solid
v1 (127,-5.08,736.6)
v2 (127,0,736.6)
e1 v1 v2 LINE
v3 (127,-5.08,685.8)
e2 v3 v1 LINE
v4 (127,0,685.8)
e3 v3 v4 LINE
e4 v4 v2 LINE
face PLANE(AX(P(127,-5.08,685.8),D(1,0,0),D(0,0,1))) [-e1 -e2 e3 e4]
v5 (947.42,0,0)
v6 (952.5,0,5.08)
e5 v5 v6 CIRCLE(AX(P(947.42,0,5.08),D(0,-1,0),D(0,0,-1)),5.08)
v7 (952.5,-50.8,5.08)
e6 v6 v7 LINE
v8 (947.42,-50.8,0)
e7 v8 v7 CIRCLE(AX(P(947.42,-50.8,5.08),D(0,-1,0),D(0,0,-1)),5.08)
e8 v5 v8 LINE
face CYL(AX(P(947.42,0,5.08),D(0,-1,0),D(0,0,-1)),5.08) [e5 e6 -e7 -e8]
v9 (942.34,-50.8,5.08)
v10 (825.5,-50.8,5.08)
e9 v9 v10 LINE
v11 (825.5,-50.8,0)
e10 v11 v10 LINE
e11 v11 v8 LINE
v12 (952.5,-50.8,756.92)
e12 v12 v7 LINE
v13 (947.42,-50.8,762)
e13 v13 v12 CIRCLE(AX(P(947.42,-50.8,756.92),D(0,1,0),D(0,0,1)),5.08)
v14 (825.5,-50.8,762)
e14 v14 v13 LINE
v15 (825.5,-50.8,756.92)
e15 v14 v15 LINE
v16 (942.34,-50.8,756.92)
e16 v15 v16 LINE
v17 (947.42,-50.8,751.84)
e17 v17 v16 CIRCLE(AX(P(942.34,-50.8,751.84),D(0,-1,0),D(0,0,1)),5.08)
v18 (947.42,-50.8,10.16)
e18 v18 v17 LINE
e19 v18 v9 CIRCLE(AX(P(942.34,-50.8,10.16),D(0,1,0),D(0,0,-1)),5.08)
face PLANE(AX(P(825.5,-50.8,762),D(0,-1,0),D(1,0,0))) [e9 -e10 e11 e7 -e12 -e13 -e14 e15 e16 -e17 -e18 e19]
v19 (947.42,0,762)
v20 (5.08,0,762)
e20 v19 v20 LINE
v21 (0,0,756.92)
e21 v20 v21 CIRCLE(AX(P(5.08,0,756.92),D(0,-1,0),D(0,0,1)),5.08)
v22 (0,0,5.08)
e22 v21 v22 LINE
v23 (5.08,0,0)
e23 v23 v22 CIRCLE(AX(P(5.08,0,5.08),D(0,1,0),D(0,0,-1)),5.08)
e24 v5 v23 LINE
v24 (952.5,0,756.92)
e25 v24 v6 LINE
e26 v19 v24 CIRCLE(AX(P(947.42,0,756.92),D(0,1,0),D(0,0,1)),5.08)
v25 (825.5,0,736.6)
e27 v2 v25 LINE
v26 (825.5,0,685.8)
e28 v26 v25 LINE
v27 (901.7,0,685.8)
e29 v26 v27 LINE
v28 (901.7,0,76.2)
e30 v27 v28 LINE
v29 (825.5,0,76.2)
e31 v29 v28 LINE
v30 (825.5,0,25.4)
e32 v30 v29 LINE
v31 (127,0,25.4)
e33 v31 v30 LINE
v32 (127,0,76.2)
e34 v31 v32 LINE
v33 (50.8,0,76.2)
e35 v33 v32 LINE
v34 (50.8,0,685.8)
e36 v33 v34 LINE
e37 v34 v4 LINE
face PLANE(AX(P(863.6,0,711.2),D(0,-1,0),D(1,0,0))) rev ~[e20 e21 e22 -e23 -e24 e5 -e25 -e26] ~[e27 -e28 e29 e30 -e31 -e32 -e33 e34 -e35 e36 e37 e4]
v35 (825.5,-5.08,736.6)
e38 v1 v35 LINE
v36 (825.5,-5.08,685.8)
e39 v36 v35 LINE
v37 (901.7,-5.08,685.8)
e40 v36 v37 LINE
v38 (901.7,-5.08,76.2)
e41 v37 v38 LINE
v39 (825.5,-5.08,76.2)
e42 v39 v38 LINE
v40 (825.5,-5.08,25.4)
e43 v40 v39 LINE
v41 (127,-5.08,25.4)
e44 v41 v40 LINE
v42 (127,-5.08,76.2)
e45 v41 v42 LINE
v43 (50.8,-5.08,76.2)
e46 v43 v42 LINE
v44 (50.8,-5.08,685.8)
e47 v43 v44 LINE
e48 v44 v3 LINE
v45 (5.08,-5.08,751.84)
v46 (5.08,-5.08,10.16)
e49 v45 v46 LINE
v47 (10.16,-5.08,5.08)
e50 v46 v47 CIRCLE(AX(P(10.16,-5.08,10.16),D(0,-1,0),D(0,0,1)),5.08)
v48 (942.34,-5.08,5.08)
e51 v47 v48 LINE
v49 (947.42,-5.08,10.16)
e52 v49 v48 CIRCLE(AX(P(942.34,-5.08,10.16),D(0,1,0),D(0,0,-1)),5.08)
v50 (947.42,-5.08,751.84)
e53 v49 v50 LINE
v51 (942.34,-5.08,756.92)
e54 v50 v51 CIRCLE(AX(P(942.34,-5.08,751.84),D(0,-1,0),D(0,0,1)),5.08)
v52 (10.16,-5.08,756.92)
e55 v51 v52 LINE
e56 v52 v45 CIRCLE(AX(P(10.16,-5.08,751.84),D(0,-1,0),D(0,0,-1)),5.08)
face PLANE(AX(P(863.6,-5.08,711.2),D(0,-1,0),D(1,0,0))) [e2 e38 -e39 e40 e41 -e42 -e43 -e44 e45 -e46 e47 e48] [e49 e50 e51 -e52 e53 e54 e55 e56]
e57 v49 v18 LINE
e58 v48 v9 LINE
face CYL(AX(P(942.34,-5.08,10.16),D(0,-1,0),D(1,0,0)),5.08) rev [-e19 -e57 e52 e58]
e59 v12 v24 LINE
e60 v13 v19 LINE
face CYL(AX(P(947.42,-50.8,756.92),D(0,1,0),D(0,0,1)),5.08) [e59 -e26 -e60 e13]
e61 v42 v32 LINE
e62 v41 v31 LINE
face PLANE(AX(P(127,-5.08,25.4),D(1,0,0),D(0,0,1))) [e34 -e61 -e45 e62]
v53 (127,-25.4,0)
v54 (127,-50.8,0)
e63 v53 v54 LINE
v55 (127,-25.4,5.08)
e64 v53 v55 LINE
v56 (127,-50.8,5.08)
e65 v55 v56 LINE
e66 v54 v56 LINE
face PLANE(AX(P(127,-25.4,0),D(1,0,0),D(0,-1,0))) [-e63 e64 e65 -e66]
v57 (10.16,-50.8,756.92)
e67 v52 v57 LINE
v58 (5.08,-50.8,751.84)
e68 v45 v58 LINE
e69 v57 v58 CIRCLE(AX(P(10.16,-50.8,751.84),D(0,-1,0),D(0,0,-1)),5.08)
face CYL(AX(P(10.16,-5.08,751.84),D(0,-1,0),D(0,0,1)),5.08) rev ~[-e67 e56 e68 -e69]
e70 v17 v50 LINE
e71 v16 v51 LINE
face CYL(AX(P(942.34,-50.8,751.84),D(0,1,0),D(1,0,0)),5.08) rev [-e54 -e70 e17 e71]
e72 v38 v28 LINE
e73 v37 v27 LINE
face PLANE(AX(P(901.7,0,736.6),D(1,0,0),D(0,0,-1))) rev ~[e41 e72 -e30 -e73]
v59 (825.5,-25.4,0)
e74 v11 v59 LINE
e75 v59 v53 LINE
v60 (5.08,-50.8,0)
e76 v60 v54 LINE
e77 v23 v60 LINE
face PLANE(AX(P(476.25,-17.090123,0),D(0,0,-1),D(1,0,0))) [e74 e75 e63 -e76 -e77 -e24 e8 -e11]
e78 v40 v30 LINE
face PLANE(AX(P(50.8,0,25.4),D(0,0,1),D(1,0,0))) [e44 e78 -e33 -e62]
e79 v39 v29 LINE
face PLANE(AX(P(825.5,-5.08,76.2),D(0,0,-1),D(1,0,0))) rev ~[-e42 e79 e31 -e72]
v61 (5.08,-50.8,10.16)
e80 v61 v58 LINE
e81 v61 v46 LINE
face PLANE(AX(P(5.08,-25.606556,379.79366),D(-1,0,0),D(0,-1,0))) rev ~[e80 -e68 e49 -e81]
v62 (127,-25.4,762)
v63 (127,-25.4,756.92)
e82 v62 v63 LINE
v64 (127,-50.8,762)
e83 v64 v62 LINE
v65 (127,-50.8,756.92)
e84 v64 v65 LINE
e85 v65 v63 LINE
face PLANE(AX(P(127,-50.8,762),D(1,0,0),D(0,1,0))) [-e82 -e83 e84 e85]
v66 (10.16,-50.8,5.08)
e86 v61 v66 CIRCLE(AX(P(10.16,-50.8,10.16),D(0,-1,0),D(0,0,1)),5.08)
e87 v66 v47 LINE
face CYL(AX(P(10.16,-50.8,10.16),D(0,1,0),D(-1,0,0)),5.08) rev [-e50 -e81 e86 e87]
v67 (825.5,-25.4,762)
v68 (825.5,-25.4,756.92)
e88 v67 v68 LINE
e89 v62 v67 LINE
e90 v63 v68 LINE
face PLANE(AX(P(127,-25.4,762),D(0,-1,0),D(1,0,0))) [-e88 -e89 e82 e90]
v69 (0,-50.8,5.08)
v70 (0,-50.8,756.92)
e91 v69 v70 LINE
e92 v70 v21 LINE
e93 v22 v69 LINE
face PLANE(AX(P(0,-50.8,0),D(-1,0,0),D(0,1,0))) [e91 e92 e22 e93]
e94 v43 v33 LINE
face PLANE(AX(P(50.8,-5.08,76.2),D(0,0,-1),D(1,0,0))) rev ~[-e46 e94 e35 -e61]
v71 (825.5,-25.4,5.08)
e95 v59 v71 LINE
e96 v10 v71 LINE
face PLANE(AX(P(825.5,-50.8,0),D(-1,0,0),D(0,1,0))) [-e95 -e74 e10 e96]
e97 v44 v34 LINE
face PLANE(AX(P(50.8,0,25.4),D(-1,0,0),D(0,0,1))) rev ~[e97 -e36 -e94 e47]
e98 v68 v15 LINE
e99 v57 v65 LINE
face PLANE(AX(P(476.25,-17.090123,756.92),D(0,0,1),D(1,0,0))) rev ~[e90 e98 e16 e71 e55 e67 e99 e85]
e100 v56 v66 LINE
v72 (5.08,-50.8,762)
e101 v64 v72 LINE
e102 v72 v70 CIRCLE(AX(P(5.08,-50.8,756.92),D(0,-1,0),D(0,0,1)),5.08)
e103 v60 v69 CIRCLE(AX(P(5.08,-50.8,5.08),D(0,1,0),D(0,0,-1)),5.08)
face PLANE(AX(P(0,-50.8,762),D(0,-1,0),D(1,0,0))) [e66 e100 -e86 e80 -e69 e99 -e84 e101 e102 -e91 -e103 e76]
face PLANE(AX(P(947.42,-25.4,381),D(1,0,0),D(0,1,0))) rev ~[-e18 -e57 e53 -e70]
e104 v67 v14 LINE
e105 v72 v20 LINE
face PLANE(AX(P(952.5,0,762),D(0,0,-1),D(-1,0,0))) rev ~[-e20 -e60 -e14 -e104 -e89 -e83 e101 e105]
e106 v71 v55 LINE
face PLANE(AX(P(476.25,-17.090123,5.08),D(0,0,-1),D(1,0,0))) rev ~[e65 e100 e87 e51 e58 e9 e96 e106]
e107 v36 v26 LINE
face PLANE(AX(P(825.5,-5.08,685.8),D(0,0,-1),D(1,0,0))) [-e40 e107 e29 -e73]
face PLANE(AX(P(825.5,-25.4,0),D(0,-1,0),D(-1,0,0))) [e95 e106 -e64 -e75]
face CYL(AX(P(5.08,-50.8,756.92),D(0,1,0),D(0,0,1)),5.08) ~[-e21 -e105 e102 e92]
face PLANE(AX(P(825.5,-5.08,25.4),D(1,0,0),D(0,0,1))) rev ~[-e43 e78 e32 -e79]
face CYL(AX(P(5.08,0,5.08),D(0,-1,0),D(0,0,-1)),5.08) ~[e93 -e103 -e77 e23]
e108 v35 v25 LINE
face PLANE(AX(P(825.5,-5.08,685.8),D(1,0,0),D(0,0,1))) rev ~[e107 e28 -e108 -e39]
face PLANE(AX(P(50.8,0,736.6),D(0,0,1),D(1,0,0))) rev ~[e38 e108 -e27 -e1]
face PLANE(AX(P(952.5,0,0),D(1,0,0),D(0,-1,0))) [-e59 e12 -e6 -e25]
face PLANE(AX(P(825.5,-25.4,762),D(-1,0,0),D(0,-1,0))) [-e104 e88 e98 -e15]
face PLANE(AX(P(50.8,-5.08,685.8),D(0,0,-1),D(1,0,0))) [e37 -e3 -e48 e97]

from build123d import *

# Parameters (mm, degrees)
F0_W      = 850.9
F0_H      = 25.4
F1_DEPTH  = 5.08
F3_DEPTH  = 5.08
F5_DEPTH  = 5.08
F7_DEPTH  = 5.08
F8_W      = 50.8
F8_H      = 762
F9_DEPTH  = 5.08
F10_R     = 5.08
F11_W     = 76.2
F11_H     = 50.8
F12_DEPTH = 5.08


with BuildPart() as f1:
    # F0 (on Front) → F1 (new body)
    with BuildSketch(Plane.XZ):
        Polygon((50.8, 50.8), (0, 0), (50.8, 0), (50.8, 25.4), align=None)
        Polygon((0, 762), (0, 0), (50.8, 50.8), (50.8, 711.2), align=None)
        Polygon((50.8, 762), (0, 762), (50.8, 711.2), (50.8, 736.6), align=None)
        with Locations((476.25, 12.7)):
            Rectangle(F0_W, F0_H)
        with Locations((476.25, 749.3)):
            Rectangle(F0_W, F0_H)
        Polygon((901.7, 25.4), (901.7, 0), (952.5, 0), (901.7, 50.8), align=None)
        Polygon((952.5, 762), (901.7, 762), (901.7, 736.6), (901.7, 711.2), align=None)
        Polygon((901.7, 50.8), (952.5, 0), (952.5, 762), (901.7, 711.2), align=None)
    extrude(amount=F1_DEPTH)

    # F2 (on face) → F3 (join)
    with BuildSketch(Plane(origin=(0, 0, 0), x_dir=(1, 0, 0), z_dir=(0, 0, -1))):
        Polygon((0, 50.8), (0, 0), (952.5, 0), (952.5, 50.8), (825.5, 50.8), (825.5, 25.4), (127, 25.4), (127, 50.8), align=None)
    extrude(amount=-F3_DEPTH)

    # F4 (on face) → F5 (join)
    with BuildSketch(Plane.XY.offset(762)):
        Polygon((952.5, 0), (0, 0), (0, -50.8), (127, -50.8), (127, -25.4), (825.5, -25.4), (825.5, -50.8), (952.5, -50.8), align=None)
    extrude(amount=-F5_DEPTH)

    # F6 (on face) → F7 (join)
    with BuildSketch(Plane(origin=(0, 0, 0), x_dir=(0, -1, 0), z_dir=(-1, 0, 0))):
        Polygon((0.254638, 756.92), (0.254638, 0), (50.8, 0), (50.8, 762), align=None)
    extrude(amount=-F7_DEPTH)

    # F8 (on face) → F9 (join)
    with BuildSketch(Plane.YZ.offset(952.5)):
        with Locations((-25.4, 381)):
            Rectangle(F8_W, F8_H)
    extrude(amount=-F9_DEPTH)

    # F10
    f10_edges = [f1.edges().sort_by_distance(p)[0] for p in [
        (0, -25.4, 0),
        (5.08, -27.94, 5.08),
        (5.08, -27.94, 756.92),
        (0, -25.4, 762),
        (952.5, -25.4, 762),
        (947.42, -27.94, 756.92),
        (952.5, -25.4, 0),
        (947.42, -27.94, 5.08),
    ]]
    fillet(f10_edges, radius=F10_R)

    # F11 (on face) → F12 (join)
    with BuildSketch(Plane.XZ.offset(5.08)):
        with Locations((863.6, 711.2)):
            Rectangle(F11_W, F11_H)
        with Locations((863.6, 50.8)):
            Rectangle(F11_W, F11_H)
        with Locations((88.9, 50.8)):
            Rectangle(F11_W, F11_H)
        with Locations((88.9, 711.2)):
            Rectangle(F11_W, F11_H)
    extrude(amount=-F12_DEPTH)


solid = f1.part
